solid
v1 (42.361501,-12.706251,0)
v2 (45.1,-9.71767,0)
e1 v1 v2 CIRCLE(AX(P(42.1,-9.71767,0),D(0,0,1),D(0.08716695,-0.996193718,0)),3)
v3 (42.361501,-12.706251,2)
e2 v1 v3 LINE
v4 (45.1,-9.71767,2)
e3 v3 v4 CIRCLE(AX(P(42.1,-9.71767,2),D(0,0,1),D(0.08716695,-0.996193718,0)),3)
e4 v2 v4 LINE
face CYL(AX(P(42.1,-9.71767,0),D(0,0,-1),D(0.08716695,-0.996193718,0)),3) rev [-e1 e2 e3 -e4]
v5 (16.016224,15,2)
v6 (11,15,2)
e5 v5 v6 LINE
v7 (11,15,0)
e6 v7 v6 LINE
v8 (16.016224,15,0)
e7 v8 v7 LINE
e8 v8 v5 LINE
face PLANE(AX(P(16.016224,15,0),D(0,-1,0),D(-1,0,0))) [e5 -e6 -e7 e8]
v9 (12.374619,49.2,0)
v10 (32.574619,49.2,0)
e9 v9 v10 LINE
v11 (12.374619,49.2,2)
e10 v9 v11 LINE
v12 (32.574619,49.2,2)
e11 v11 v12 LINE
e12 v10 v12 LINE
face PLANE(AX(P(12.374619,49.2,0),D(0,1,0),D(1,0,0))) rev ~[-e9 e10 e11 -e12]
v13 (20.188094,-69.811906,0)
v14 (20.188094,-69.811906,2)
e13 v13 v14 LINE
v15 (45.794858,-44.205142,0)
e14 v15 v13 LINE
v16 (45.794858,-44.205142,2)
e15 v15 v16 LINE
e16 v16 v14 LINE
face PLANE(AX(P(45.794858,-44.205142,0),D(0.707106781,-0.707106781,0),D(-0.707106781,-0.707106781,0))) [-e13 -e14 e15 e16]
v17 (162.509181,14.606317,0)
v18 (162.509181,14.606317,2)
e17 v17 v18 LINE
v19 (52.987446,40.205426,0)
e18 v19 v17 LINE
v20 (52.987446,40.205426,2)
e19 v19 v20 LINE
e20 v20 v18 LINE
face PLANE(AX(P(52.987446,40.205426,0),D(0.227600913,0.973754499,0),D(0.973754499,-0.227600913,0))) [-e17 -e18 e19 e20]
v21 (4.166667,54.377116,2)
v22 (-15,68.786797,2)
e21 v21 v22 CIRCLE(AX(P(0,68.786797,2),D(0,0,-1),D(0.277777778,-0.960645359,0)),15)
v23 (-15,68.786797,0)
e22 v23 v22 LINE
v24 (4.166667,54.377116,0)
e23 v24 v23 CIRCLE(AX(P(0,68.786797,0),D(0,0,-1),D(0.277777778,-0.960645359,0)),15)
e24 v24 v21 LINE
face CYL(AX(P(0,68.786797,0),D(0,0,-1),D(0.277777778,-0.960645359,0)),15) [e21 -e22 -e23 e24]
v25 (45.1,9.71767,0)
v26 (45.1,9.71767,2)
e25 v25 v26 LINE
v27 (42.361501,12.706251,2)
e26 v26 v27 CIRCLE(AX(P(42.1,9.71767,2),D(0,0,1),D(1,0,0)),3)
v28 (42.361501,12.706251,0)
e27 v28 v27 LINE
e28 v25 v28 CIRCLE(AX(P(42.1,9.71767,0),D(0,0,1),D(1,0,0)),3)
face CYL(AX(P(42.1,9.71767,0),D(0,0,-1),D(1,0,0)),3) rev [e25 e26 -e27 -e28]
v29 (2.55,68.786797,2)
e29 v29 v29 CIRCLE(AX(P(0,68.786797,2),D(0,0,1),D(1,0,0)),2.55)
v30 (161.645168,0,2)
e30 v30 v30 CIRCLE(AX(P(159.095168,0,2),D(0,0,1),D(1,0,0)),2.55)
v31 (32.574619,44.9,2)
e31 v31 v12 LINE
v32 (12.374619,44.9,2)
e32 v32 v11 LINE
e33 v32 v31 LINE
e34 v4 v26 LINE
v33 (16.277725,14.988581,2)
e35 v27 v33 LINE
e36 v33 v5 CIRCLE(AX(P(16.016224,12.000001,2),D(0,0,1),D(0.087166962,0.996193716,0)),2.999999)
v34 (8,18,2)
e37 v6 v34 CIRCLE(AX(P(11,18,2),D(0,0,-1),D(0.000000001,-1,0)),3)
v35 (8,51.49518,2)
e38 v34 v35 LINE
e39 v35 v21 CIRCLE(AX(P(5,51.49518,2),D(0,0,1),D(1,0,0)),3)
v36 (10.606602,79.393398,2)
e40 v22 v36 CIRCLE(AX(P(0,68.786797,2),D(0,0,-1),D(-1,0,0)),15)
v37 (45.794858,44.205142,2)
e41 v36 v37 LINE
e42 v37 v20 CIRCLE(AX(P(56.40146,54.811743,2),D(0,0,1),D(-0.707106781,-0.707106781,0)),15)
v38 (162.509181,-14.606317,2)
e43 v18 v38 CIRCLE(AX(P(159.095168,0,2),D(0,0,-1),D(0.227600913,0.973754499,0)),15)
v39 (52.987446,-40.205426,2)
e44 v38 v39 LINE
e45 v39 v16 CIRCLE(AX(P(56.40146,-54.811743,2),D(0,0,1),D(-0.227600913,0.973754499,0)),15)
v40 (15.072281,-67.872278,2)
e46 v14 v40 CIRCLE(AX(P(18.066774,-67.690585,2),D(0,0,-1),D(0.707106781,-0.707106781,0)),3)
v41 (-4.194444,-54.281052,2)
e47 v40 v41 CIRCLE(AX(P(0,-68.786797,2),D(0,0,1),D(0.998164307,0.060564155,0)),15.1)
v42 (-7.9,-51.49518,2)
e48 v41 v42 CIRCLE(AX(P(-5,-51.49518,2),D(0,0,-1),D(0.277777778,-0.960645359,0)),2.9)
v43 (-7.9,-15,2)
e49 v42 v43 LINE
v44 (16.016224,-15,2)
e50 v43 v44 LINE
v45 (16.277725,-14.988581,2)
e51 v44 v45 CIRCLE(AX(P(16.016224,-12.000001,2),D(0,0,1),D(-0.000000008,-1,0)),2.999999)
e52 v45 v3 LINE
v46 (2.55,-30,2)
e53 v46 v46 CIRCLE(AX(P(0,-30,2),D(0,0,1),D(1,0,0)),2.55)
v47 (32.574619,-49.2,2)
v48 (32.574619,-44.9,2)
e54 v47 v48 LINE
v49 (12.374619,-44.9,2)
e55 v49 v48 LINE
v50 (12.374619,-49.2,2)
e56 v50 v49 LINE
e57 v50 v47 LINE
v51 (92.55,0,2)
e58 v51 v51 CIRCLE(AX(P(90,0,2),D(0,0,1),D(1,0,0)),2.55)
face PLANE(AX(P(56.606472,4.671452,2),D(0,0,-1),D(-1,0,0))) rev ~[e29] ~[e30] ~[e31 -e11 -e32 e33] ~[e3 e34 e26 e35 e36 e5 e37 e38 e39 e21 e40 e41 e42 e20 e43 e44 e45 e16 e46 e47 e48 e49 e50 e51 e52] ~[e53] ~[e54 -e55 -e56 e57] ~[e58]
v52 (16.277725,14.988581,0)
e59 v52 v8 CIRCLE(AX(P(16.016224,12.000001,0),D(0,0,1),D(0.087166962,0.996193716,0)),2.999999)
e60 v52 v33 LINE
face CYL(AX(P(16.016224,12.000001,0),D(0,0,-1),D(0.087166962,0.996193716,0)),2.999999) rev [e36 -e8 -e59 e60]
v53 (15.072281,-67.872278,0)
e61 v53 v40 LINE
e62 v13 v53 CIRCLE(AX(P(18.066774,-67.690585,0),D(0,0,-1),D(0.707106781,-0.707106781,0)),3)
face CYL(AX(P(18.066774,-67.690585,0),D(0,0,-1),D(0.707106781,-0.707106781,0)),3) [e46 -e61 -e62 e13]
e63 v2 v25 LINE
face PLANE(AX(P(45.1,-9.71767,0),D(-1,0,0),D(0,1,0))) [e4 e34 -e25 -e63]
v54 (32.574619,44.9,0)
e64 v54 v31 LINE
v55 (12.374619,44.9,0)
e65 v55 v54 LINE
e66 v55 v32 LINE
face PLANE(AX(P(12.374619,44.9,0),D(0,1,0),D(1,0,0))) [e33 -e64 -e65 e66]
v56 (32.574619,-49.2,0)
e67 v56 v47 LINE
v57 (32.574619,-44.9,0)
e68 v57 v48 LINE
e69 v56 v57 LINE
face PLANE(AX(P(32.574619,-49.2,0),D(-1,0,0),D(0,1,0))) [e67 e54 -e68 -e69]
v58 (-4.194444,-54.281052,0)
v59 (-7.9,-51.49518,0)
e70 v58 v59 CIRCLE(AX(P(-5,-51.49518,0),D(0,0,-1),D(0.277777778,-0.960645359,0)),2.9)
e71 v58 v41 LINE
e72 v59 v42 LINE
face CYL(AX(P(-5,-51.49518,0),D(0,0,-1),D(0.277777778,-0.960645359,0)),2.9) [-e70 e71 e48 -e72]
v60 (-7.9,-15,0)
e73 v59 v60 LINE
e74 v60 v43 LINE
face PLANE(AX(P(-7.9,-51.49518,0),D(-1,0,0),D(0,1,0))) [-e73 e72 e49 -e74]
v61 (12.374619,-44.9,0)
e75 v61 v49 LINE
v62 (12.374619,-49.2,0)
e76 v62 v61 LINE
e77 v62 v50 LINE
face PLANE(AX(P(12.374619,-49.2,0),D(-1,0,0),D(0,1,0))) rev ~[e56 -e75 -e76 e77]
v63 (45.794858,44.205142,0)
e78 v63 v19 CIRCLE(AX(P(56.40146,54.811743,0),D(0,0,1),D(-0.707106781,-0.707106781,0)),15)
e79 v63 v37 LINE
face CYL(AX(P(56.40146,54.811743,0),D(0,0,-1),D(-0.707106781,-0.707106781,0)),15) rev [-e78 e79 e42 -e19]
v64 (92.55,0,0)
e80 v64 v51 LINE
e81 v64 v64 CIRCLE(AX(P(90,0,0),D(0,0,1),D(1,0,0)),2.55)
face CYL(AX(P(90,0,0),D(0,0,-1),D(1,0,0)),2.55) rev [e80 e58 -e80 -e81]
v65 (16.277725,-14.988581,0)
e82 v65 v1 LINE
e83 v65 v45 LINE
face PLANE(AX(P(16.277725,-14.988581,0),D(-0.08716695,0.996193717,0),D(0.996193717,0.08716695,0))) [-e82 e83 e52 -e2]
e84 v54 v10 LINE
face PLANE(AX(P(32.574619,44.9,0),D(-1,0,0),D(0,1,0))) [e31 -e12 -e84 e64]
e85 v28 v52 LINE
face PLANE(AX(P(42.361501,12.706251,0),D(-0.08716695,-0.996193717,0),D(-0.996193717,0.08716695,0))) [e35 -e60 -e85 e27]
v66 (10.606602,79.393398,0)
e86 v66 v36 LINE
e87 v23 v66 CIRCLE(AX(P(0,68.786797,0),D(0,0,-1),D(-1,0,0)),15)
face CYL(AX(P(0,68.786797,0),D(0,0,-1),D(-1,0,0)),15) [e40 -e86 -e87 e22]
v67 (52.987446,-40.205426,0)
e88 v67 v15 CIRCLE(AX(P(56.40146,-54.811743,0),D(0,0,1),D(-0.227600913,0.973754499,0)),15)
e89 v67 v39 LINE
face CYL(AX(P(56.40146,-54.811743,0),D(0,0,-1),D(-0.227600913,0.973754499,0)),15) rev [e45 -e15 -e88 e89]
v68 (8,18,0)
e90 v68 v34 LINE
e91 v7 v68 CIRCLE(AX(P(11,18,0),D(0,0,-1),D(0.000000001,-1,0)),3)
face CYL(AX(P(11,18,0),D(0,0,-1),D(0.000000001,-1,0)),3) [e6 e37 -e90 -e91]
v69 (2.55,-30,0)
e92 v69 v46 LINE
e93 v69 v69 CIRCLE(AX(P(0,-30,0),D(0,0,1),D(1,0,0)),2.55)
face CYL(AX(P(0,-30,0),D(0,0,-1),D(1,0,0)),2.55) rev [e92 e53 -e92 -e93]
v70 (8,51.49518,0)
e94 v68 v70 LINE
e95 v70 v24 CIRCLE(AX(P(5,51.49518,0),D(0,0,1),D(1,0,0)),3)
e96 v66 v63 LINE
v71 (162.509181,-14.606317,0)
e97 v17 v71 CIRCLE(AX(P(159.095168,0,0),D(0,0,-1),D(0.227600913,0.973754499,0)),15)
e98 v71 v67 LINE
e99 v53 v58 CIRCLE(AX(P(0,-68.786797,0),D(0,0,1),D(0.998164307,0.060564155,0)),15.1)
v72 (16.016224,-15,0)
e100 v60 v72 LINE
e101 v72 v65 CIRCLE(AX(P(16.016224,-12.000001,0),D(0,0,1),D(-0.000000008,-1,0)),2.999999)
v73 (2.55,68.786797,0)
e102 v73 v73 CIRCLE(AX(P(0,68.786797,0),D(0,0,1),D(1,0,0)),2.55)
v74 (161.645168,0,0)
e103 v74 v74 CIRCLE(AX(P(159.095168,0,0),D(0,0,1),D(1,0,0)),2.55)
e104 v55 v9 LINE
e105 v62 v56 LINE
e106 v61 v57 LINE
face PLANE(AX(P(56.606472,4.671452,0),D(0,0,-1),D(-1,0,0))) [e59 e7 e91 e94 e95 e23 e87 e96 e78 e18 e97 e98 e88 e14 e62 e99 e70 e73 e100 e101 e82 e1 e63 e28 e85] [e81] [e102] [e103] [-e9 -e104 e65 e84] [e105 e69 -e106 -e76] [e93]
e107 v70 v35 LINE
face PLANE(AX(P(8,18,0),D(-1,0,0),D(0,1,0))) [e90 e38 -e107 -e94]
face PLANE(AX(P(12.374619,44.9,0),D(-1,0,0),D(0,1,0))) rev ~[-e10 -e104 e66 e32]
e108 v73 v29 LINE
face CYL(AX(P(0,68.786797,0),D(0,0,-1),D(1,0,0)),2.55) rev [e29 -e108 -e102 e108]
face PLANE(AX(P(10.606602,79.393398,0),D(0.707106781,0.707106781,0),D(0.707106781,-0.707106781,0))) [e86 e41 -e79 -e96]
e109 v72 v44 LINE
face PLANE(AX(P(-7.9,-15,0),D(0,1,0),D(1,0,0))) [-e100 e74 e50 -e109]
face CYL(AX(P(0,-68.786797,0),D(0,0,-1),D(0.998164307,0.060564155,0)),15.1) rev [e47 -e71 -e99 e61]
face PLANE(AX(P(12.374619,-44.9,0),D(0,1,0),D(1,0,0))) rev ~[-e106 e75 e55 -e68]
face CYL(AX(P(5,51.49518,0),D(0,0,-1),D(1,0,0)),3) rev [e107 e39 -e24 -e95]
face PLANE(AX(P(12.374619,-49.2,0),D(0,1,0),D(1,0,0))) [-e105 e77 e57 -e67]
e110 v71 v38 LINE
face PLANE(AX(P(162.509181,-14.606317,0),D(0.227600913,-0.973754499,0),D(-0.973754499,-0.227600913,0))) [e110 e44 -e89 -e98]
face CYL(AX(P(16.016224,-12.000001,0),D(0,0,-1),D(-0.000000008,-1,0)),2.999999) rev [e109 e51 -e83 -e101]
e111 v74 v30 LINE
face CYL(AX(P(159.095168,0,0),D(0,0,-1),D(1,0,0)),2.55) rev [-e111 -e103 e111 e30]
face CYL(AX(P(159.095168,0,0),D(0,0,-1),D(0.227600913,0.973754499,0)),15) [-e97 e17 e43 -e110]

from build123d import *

# Parameters (mm, degrees)
SKETCH1_R           = 2.55
SKETCH1_W           = 20.2
SKETCH1_H           = 4.3
BOSS_EXTRUDE1_DEPTH = 2


with BuildPart() as part:
    # Sketch1 → Boss-Extrude1 (new body)
    with BuildSketch(Plane.XY):
        with BuildLine():
            Line((10.606601718, 79.393398282), (45.794858405, 44.205141595))
            ThreePointArc((45.794858405, 44.205141595), (49.111477563, 41.702351478), (52.987446424, 40.205425828))
            Line((52.987446424, 40.205425828), (162.509181482, 14.606317485))
            ThreePointArc((162.509181482, 14.606317485), (174.095167783, 0), (162.509181482, -14.606317485))
            Line((162.509181482, -14.606317485), (52.987446424, -40.205425828))
            ThreePointArc((52.987446424, -40.205425828), (49.111477563, -41.702351478), (45.794858405, -44.205141595))
            Line((45.794858405, -44.205141595), (45, -45))
            Line((45, -45), (20.188094295, -69.811905705))
            ThreePointArc((20.188094295, -69.811905705), (17.003220161, -70.495733011), (15.072281031, -67.872277826))
            ThreePointArc((15.072281031, -67.872277826), (8.704147834, -56.447922609), (-4.194444444, -54.28105164))
            ThreePointArc((-4.194444444, -54.28105164), (-6.742683116, -53.813165335), (-7.9, -51.495180099))
            Line((-7.9, -51.495180099), (-7.9, -15))
            Line((-7.9, -15), (16.016224064, -15))
            ThreePointArc((16.016224064, -15), (16.147099086, -14.997143929), (16.277724915, -14.988581152))
            Line((16.277724915, -14.988581152), (42.361500851, -12.706250758))
            ThreePointArc((42.361500851, -12.706250758), (44.311843411, -11.744427787), (45.1, -9.717669606))
            Line((45.1, -9.717669606), (45.1, 9.717669606))
            ThreePointArc((45.1, 9.717669606), (44.311843411, 11.744427787), (42.361500851, 12.706250758))
            Line((42.361500851, 12.706250758), (16.277724915, 14.988581152))
            ThreePointArc((16.277724915, 14.988581152), (16.147099086, 14.997143929), (16.016224064, 15))
            Line((16.016224064, 15), (11, 15))
            ThreePointArc((11, 15), (8.878679656, 15.878679656), (8, 18))
            Line((8, 18), (8, 51.495180099))
            ThreePointArc((8, 51.495180099), (6.802775638, 53.89309586), (4.166666667, 54.377116176))
            ThreePointArc((4.166666667, 54.377116176), (-9.013878189, 56.797217756), (-15, 68.786796564))
            ThreePointArc((-15, 68.786796564), (-5.740251485, 82.644989552), (10.606601718, 79.393398282))
        make_face()
        with Locations((159.095167783, 0)):
            Circle(SKETCH1_R, mode=Mode.SUBTRACT)
        with Locations((90, 0)):
            Circle(SKETCH1_R, mode=Mode.SUBTRACT)
        with Locations((0, 68.786796564)):
            Circle(SKETCH1_R, mode=Mode.SUBTRACT)
        with Locations((0, -30)):
            Circle(SKETCH1_R, mode=Mode.SUBTRACT)
        with Locations((22.474619372, 47.05)):
            Rectangle(SKETCH1_W, SKETCH1_H, mode=Mode.SUBTRACT)
        with Locations((22.474619372, -47.05)):
            Rectangle(SKETCH1_W, SKETCH1_H, mode=Mode.SUBTRACT)
    extrude(amount=BOSS_EXTRUDE1_DEPTH)


solid = part.part
